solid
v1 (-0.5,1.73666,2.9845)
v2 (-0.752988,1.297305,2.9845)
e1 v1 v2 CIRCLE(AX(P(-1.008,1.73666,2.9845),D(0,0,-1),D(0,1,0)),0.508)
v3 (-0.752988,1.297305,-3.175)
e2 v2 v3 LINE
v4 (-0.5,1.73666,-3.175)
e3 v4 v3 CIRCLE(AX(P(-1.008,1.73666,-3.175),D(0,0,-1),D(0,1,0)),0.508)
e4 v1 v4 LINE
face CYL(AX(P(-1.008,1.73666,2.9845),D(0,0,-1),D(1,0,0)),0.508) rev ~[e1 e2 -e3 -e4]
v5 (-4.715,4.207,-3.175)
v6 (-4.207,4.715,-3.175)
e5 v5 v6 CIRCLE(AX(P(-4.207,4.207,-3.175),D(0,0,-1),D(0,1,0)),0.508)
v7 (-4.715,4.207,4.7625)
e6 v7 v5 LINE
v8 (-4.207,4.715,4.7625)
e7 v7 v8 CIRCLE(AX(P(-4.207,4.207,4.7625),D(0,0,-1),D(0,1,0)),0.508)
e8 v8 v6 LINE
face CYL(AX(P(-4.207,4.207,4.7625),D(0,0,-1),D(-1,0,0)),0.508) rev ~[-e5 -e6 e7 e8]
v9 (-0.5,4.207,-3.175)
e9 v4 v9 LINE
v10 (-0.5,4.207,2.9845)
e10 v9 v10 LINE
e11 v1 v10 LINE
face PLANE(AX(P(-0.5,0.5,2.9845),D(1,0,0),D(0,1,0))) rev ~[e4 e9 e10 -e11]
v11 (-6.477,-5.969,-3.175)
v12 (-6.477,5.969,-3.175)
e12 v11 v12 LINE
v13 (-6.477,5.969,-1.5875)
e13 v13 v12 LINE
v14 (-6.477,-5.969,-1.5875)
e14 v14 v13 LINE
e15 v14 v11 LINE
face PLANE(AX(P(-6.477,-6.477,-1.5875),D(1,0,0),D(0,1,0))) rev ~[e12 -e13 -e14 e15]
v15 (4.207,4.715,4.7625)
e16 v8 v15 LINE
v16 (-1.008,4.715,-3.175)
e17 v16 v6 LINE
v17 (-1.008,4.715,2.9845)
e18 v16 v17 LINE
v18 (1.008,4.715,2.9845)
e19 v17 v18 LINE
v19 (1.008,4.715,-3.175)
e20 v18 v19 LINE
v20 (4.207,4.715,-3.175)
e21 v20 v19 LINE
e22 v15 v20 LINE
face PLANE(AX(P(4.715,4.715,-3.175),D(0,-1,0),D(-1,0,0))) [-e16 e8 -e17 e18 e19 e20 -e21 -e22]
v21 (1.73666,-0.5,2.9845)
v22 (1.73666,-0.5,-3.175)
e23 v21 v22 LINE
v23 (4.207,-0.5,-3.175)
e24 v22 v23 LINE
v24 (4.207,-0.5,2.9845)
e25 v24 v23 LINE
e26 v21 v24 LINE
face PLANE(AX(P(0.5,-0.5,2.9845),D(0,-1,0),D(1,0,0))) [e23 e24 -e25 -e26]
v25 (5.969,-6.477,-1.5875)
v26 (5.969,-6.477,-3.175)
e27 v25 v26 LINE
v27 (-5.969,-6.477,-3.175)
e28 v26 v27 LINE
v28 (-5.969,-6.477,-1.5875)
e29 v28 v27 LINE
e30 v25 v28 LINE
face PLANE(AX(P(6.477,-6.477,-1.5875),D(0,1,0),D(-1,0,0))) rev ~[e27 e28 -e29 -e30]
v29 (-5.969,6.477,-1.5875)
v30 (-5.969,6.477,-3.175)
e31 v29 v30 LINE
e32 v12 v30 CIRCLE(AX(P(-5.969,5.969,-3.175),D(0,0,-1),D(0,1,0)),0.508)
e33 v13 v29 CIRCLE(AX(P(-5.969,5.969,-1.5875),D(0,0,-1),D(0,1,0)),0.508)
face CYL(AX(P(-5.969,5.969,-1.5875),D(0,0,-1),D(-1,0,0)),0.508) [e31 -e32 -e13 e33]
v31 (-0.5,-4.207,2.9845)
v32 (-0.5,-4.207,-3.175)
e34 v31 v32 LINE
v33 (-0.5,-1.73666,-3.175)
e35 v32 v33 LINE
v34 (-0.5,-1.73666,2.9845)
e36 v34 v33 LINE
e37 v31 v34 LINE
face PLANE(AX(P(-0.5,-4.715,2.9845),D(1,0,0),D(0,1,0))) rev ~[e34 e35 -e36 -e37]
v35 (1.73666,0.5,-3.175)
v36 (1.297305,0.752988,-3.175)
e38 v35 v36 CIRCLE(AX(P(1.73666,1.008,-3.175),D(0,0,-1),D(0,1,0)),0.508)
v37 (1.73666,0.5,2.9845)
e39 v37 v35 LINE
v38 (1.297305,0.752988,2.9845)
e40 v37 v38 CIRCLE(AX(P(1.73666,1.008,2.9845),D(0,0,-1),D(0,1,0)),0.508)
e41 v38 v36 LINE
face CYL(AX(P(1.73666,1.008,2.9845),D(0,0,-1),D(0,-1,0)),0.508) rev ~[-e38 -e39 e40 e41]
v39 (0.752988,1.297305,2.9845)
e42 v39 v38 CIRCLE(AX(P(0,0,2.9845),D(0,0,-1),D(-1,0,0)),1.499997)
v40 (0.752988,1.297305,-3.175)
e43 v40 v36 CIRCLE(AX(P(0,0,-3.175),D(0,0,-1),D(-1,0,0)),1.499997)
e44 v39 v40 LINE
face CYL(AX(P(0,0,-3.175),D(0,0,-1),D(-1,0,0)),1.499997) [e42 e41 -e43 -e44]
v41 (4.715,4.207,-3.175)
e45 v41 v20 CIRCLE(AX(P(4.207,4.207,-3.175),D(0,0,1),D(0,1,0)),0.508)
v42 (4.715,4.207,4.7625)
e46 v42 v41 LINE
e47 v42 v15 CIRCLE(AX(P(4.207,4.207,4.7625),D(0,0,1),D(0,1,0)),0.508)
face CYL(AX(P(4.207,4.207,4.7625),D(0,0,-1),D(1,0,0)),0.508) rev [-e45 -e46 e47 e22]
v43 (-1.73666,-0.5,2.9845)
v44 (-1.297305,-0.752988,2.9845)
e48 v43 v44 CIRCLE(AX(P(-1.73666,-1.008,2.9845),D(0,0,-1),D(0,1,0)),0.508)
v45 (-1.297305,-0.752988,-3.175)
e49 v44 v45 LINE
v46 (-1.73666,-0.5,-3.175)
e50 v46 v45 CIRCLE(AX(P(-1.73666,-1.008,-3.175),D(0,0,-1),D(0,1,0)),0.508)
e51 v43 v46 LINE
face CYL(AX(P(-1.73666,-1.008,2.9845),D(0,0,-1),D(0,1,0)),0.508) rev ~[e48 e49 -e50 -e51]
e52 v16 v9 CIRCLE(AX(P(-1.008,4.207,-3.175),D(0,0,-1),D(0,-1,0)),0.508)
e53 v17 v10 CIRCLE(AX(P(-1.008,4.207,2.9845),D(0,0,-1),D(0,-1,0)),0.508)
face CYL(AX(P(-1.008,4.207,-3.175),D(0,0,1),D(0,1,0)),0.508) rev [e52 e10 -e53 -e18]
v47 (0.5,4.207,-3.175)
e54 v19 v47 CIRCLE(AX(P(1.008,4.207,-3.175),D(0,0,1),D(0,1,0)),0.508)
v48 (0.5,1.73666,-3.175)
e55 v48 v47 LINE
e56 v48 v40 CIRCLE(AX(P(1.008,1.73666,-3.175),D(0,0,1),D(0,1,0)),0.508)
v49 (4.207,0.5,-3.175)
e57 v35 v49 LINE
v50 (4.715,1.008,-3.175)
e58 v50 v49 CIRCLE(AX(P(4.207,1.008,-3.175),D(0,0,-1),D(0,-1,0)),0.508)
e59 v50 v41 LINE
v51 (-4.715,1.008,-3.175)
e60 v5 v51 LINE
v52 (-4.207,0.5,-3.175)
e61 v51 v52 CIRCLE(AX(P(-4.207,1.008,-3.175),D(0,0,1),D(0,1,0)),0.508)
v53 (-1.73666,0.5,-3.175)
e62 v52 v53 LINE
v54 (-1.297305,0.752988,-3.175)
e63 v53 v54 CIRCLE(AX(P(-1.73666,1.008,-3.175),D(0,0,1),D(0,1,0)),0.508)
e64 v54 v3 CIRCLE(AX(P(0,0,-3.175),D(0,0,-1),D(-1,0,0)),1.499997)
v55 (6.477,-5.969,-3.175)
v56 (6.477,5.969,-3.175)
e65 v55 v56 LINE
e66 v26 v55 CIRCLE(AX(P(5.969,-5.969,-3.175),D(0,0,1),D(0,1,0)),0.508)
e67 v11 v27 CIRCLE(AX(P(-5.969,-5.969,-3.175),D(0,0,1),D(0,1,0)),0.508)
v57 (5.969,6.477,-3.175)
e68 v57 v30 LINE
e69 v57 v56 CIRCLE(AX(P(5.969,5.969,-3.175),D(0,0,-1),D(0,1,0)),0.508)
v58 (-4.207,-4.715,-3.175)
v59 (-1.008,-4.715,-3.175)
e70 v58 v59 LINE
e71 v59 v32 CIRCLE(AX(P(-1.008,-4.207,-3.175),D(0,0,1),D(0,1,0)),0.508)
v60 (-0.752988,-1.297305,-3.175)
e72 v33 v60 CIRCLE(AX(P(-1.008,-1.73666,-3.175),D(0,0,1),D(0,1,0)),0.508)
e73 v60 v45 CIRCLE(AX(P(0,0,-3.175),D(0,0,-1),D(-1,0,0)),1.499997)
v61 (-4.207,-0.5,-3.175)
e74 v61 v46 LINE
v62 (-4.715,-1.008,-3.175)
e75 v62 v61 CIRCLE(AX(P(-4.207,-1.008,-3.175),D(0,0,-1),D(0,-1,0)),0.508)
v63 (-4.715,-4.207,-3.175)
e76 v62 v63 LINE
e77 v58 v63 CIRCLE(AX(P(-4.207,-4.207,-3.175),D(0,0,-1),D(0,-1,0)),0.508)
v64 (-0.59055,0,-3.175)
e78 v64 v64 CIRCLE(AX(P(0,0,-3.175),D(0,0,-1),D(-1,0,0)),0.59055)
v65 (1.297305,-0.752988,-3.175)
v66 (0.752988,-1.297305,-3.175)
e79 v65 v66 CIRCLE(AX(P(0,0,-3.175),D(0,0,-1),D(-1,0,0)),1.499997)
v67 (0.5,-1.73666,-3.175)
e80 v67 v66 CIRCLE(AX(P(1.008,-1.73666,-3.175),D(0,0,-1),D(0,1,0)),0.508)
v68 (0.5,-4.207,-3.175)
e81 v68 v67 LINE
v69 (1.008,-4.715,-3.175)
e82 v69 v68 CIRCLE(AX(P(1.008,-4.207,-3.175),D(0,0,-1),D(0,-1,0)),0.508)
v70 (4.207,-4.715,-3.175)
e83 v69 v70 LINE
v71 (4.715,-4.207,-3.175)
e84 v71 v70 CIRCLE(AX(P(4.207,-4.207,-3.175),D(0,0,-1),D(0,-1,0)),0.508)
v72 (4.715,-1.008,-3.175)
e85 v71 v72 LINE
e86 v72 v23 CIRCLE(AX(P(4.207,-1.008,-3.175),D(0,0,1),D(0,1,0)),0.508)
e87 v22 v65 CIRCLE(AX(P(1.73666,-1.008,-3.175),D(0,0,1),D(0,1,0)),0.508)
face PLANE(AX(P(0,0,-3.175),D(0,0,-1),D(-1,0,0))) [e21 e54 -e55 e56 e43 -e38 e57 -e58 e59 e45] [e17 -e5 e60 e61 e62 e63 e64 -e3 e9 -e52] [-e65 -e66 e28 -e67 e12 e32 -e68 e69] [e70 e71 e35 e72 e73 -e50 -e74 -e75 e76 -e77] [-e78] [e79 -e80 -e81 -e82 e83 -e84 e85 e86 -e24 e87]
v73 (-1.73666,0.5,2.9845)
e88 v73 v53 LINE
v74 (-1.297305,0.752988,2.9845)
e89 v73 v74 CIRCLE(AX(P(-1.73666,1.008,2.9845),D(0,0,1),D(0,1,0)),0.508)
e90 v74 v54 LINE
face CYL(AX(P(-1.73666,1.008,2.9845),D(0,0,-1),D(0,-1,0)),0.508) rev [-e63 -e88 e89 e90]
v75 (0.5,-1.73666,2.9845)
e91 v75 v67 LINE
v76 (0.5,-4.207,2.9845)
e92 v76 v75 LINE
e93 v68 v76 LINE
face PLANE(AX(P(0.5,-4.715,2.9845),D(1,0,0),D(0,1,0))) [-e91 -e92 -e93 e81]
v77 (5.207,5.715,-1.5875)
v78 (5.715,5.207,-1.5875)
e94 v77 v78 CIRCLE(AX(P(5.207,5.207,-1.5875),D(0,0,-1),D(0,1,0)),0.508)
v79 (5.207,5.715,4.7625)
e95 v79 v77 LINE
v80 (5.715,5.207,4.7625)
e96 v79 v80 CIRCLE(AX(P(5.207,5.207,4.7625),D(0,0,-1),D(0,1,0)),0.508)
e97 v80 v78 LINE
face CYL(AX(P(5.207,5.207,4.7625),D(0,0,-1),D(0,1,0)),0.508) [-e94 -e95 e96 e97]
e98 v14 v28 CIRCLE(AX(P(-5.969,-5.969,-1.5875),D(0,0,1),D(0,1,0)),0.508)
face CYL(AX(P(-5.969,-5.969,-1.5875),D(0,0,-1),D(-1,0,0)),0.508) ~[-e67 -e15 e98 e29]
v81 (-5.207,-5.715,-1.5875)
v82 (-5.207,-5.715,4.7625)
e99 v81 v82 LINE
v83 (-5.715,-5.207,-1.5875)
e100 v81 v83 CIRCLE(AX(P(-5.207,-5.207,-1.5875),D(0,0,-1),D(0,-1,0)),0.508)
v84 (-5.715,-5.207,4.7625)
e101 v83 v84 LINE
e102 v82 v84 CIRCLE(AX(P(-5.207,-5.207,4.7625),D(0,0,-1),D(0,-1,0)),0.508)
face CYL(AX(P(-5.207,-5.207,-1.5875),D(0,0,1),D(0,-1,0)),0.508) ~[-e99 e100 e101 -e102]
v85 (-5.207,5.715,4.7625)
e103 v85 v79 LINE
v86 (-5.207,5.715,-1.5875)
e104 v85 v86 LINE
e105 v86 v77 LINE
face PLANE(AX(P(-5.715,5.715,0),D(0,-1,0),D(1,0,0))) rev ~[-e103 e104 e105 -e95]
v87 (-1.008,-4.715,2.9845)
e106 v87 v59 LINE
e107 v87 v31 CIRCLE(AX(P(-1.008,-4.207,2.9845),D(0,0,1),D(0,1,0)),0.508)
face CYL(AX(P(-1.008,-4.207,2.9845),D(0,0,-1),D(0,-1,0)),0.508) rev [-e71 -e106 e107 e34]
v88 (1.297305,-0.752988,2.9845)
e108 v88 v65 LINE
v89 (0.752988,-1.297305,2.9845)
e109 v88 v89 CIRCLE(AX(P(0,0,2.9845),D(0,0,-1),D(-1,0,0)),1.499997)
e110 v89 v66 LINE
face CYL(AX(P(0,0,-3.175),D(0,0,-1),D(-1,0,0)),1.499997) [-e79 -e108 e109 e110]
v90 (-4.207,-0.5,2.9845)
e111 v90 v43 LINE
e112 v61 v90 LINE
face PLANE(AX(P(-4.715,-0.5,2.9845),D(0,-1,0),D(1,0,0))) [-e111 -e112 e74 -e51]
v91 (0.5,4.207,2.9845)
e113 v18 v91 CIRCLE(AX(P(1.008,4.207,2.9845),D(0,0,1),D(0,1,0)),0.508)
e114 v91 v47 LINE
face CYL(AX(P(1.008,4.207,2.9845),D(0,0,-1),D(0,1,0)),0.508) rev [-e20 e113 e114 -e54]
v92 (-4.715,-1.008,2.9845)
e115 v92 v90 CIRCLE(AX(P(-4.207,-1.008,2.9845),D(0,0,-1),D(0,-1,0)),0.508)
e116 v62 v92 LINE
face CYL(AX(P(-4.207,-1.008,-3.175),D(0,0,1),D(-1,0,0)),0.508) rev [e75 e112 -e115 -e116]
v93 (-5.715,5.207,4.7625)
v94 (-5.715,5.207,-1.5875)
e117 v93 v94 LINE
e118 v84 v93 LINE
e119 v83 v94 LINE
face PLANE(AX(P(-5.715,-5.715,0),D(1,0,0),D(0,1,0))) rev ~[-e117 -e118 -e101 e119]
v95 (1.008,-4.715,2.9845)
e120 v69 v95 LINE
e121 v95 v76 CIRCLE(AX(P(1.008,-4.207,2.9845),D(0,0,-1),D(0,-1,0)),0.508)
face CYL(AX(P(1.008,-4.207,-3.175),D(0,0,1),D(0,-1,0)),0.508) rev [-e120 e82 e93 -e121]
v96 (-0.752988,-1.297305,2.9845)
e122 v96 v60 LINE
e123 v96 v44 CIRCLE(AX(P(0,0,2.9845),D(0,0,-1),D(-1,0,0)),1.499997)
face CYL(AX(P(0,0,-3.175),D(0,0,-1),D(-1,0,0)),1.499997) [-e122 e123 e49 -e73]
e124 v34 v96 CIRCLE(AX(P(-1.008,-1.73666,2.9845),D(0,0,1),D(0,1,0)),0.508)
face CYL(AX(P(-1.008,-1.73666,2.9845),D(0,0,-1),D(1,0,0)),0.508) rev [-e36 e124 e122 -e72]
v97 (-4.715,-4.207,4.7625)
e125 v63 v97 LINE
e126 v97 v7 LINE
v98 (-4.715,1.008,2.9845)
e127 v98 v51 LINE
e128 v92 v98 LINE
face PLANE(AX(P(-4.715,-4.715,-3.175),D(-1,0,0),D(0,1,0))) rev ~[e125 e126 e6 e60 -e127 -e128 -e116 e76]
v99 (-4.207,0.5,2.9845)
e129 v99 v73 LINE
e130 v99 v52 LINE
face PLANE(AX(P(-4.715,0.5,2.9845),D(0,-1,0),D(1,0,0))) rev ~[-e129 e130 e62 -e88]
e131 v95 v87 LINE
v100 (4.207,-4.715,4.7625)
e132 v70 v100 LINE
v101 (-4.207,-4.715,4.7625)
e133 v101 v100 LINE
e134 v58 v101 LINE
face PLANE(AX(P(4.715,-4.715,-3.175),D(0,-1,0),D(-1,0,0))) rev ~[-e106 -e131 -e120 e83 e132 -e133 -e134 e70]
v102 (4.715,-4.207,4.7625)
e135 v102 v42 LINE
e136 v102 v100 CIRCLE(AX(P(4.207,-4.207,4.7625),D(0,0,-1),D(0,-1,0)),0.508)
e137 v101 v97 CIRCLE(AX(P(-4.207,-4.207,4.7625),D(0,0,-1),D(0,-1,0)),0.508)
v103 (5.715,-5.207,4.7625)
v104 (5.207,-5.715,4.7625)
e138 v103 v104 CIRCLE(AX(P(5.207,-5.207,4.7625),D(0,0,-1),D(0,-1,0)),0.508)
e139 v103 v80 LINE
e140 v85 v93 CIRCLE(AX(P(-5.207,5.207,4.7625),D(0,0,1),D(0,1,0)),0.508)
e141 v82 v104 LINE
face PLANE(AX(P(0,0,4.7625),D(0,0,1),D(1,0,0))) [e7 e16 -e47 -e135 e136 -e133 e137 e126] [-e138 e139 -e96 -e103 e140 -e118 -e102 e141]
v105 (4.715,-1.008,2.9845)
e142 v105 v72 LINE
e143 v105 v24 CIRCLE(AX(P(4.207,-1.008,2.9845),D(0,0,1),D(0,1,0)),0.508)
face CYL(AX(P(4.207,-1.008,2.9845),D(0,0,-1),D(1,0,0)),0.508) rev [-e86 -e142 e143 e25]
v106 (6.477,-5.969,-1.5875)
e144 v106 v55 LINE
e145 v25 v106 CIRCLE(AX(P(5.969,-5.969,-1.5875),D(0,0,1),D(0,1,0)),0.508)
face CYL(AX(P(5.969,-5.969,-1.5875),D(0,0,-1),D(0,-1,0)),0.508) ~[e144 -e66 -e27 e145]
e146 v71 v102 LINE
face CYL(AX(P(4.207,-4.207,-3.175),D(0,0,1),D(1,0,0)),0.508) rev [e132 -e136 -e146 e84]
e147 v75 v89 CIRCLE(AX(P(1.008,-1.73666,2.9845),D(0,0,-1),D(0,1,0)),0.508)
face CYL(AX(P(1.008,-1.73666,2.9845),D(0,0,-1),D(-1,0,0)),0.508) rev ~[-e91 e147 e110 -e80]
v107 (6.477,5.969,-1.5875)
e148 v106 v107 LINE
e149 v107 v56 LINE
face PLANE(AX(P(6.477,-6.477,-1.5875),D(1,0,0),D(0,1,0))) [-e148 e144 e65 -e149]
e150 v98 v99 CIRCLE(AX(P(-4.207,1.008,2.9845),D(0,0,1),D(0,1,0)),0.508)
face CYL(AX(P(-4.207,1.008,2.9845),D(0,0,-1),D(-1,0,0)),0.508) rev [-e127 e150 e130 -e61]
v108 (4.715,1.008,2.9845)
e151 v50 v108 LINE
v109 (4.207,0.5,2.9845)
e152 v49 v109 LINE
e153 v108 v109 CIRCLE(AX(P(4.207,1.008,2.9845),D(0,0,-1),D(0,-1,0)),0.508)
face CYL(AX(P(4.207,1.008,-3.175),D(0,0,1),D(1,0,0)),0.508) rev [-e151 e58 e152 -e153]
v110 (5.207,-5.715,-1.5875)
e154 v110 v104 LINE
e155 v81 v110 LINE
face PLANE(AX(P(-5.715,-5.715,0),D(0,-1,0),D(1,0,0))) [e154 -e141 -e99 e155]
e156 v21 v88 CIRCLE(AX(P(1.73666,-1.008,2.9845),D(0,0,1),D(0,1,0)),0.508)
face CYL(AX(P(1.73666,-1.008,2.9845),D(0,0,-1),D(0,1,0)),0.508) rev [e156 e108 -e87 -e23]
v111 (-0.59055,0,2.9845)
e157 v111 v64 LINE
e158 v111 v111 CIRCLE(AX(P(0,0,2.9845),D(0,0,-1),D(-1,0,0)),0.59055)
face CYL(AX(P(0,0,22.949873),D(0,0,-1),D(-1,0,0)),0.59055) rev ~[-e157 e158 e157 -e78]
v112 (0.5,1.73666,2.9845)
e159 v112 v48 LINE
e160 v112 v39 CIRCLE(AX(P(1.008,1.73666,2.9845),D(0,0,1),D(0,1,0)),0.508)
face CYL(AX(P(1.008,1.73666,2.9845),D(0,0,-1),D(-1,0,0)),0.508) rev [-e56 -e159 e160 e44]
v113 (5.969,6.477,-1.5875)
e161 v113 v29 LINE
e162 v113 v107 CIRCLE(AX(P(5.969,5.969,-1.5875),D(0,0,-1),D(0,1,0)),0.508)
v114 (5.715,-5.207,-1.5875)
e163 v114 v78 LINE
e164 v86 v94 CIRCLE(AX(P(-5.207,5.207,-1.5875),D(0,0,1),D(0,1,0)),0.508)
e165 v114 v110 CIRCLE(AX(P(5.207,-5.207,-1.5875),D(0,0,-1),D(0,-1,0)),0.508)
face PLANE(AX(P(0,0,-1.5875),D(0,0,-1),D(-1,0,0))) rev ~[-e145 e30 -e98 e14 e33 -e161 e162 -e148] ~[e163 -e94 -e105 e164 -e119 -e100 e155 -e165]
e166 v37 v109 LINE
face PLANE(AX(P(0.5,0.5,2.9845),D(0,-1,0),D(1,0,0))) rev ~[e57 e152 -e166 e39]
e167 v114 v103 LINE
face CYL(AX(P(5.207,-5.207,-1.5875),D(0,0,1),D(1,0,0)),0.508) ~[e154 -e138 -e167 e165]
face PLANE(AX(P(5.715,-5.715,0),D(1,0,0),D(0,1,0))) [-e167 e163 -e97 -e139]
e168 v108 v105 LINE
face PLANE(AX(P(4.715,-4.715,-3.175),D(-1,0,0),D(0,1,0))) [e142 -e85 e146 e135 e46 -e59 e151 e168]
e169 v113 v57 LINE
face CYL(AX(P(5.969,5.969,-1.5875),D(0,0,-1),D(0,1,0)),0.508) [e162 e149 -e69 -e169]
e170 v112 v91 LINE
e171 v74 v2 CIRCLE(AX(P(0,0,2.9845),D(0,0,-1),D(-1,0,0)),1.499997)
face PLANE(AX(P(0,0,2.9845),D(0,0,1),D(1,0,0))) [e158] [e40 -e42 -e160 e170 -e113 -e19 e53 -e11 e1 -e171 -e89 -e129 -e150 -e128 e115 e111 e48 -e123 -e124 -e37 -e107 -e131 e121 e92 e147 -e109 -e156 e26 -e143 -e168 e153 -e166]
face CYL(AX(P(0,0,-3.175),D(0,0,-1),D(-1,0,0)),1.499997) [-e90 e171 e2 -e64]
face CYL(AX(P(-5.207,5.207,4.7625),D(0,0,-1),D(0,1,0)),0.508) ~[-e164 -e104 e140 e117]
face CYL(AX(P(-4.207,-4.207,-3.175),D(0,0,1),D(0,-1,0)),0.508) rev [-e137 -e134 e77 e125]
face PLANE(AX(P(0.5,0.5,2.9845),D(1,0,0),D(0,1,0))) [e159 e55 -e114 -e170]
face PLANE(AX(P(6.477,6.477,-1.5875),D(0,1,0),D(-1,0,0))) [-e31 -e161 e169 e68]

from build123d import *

# Parameters (mm, degrees)
SKETCH1_W                    = 11.43
SKETCH1_H                    = 11.43
BOSS_EXTRUDE1_DEPTH          = 4.7625
BOSS_EXTRUDE1_DEPTH_BACK     = 1.5875
SKETCH2_W                    = 12.954
SKETCH2_H                    = 12.954
BOSS_EXTRUDE2_DEPTH          = 1.5875
SHELL1_T                     = -1
SKETCH15_R                   = 1.499997
BOSS_EXTRUDE3_DEPTH          = 6.1595
SKETCH16_W                   = 1
SKETCH16_H                   = 9.43
SKETCH16_W_2                 = 9.43
SKETCH16_H_2                 = 1
EXTRUDE_THIN1_DEPTH          = 6.1595
BOSS_EXTRUDE4_REACH          = 9.938
SKETCH17_W                   = 10.954
SKETCH17_H                   = 10.954
SKETCH17_W_2                 = 9.43
SKETCH17_H_2                 = 9.43
FILLET7_R                    = 0.508
FILLET8_R                    = 0.508
F_56_0_0465_DIAMETER_HOLE1_D = 1.1811


with BuildPart() as part:
    # Sketch1 → Boss-Extrude1 (new body, two sides)
    with BuildSketch(Plane.XY) as boss_extrude1_sk:
        Rectangle(SKETCH1_W, SKETCH1_H)
    extrude(amount=BOSS_EXTRUDE1_DEPTH)
    extrude(boss_extrude1_sk.sketch, amount=-BOSS_EXTRUDE1_DEPTH_BACK)

    # Sketch2 → Boss-Extrude2 (add)
    with BuildSketch(Plane(origin=(0, 0, -1.5875), x_dir=(-1, 0, 0), z_dir=(0, 0, -1))):
        Rectangle(SKETCH2_W, SKETCH2_H)
    extrude(amount=BOSS_EXTRUDE2_DEPTH)

    # Shell1
    shell1_openings = [part.faces().sort_by_distance(p)[0] for p in [
        (0, 0, 4.7625),
        (0, 0, -3.175),
    ]]
    offset(amount=SHELL1_T, openings=shell1_openings, kind=Kind.INTERSECTION)



with BuildPart() as body_2:
    # Sketch15 → Boss-Extrude3 (new body)
    with BuildSketch(Plane(origin=(0, 0, -3.175), x_dir=(-1, 0, 0), z_dir=(0, 0, -1))):
        Circle(SKETCH15_R)
    extrude(amount=-BOSS_EXTRUDE3_DEPTH)


with BuildPart() as part_1:
    add(part.part)

    add(body_2.part)  # Extrude-Thin1 merges body 2
    # Sketch16 → Extrude-Thin1 (add)
    with BuildSketch(Plane.XY.offset(2.9845)):
        Rectangle(SKETCH16_W, SKETCH16_H)
        Rectangle(SKETCH16_W_2, SKETCH16_H_2)
    extrude(amount=-EXTRUDE_THIN1_DEPTH)

    # Sketch17 → Boss-Extrude4 (add, up to next)
    with BuildSketch(Plane(origin=(0, 0, -3.175), x_dir=(-1, 0, 0), z_dir=(0, 0, -1)), mode=Mode.PRIVATE) as boss_extrude4_sk1:
        Rectangle(SKETCH17_W, SKETCH17_H)
        Rectangle(SKETCH17_W_2, SKETCH17_H_2, mode=Mode.SUBTRACT)
    boss_extrude4_tool1 = extrude(boss_extrude4_sk1.sketch, amount=-BOSS_EXTRUDE4_REACH, mode=Mode.PRIVATE) - part_1.part
    add(boss_extrude4_tool1.solids().sort_by_distance((0, 5.322087, -3.175))[0])

    # Fillet7
    fillet7_edges = [part_1.edges().sort_by_distance(p)[0] for p in [
        (-6.477, 6.477, -2.38125),
        (6.477, 6.477, -2.38125),
        (6.477, -6.477, -2.38125),
        (-6.477, -6.477, -2.38125),
        (5.715, -5.715, 1.5875),
        (-5.715, -5.715, 1.5875),
        (-5.715, 5.715, 1.5875),
        (5.715, 5.715, 1.5875),
    ]]
    fillet(fillet7_edges, radius=FILLET7_R)

    # Fillet8
    fillet8_edges = [part_1.edges().sort_by_distance(p)[0] for p in [
        (4.715, 0.5, -0.09525),
        (-4.715, -0.5, -0.09525),
        (1.41421038, 0.5, -0.09525),
        (1.41421038, -0.5, -0.09525),
        (4.715, -0.5, -0.09525),
        (-4.715, 0.5, -0.09525),
        (4.715, 4.715, 0.79375),
        (4.715, -4.715, 0.79375),
        (-4.715, -4.715, 0.79375),
        (-4.715, 4.715, 0.79375),
        (-0.5, 4.715, -0.09525),
        (0.5, -4.715, -0.09525),
        (-0.5, -4.715, -0.09525),
        (0.5, 4.715, -0.09525),
        (0.5, 1.41421038, -0.09525),
        (0.5, -1.41421038, -0.09525),
        (-0.5, 1.41421038, -0.09525),
        (-0.5, -1.41421038, -0.09525),
        (-1.41421038, -0.5, -0.09525),
        (-1.41421038, 0.5, -0.09525),
    ]]
    fillet(fillet8_edges, radius=FILLET8_R)

    # #56 (0.0465) Diameter Hole1 (through all)
    with Locations(Plane.XY.offset(2.9845)):
        with Locations((0, 0)):
            Hole(F_56_0_0465_DIAMETER_HOLE1_D / 2)


solid = part_1.part
